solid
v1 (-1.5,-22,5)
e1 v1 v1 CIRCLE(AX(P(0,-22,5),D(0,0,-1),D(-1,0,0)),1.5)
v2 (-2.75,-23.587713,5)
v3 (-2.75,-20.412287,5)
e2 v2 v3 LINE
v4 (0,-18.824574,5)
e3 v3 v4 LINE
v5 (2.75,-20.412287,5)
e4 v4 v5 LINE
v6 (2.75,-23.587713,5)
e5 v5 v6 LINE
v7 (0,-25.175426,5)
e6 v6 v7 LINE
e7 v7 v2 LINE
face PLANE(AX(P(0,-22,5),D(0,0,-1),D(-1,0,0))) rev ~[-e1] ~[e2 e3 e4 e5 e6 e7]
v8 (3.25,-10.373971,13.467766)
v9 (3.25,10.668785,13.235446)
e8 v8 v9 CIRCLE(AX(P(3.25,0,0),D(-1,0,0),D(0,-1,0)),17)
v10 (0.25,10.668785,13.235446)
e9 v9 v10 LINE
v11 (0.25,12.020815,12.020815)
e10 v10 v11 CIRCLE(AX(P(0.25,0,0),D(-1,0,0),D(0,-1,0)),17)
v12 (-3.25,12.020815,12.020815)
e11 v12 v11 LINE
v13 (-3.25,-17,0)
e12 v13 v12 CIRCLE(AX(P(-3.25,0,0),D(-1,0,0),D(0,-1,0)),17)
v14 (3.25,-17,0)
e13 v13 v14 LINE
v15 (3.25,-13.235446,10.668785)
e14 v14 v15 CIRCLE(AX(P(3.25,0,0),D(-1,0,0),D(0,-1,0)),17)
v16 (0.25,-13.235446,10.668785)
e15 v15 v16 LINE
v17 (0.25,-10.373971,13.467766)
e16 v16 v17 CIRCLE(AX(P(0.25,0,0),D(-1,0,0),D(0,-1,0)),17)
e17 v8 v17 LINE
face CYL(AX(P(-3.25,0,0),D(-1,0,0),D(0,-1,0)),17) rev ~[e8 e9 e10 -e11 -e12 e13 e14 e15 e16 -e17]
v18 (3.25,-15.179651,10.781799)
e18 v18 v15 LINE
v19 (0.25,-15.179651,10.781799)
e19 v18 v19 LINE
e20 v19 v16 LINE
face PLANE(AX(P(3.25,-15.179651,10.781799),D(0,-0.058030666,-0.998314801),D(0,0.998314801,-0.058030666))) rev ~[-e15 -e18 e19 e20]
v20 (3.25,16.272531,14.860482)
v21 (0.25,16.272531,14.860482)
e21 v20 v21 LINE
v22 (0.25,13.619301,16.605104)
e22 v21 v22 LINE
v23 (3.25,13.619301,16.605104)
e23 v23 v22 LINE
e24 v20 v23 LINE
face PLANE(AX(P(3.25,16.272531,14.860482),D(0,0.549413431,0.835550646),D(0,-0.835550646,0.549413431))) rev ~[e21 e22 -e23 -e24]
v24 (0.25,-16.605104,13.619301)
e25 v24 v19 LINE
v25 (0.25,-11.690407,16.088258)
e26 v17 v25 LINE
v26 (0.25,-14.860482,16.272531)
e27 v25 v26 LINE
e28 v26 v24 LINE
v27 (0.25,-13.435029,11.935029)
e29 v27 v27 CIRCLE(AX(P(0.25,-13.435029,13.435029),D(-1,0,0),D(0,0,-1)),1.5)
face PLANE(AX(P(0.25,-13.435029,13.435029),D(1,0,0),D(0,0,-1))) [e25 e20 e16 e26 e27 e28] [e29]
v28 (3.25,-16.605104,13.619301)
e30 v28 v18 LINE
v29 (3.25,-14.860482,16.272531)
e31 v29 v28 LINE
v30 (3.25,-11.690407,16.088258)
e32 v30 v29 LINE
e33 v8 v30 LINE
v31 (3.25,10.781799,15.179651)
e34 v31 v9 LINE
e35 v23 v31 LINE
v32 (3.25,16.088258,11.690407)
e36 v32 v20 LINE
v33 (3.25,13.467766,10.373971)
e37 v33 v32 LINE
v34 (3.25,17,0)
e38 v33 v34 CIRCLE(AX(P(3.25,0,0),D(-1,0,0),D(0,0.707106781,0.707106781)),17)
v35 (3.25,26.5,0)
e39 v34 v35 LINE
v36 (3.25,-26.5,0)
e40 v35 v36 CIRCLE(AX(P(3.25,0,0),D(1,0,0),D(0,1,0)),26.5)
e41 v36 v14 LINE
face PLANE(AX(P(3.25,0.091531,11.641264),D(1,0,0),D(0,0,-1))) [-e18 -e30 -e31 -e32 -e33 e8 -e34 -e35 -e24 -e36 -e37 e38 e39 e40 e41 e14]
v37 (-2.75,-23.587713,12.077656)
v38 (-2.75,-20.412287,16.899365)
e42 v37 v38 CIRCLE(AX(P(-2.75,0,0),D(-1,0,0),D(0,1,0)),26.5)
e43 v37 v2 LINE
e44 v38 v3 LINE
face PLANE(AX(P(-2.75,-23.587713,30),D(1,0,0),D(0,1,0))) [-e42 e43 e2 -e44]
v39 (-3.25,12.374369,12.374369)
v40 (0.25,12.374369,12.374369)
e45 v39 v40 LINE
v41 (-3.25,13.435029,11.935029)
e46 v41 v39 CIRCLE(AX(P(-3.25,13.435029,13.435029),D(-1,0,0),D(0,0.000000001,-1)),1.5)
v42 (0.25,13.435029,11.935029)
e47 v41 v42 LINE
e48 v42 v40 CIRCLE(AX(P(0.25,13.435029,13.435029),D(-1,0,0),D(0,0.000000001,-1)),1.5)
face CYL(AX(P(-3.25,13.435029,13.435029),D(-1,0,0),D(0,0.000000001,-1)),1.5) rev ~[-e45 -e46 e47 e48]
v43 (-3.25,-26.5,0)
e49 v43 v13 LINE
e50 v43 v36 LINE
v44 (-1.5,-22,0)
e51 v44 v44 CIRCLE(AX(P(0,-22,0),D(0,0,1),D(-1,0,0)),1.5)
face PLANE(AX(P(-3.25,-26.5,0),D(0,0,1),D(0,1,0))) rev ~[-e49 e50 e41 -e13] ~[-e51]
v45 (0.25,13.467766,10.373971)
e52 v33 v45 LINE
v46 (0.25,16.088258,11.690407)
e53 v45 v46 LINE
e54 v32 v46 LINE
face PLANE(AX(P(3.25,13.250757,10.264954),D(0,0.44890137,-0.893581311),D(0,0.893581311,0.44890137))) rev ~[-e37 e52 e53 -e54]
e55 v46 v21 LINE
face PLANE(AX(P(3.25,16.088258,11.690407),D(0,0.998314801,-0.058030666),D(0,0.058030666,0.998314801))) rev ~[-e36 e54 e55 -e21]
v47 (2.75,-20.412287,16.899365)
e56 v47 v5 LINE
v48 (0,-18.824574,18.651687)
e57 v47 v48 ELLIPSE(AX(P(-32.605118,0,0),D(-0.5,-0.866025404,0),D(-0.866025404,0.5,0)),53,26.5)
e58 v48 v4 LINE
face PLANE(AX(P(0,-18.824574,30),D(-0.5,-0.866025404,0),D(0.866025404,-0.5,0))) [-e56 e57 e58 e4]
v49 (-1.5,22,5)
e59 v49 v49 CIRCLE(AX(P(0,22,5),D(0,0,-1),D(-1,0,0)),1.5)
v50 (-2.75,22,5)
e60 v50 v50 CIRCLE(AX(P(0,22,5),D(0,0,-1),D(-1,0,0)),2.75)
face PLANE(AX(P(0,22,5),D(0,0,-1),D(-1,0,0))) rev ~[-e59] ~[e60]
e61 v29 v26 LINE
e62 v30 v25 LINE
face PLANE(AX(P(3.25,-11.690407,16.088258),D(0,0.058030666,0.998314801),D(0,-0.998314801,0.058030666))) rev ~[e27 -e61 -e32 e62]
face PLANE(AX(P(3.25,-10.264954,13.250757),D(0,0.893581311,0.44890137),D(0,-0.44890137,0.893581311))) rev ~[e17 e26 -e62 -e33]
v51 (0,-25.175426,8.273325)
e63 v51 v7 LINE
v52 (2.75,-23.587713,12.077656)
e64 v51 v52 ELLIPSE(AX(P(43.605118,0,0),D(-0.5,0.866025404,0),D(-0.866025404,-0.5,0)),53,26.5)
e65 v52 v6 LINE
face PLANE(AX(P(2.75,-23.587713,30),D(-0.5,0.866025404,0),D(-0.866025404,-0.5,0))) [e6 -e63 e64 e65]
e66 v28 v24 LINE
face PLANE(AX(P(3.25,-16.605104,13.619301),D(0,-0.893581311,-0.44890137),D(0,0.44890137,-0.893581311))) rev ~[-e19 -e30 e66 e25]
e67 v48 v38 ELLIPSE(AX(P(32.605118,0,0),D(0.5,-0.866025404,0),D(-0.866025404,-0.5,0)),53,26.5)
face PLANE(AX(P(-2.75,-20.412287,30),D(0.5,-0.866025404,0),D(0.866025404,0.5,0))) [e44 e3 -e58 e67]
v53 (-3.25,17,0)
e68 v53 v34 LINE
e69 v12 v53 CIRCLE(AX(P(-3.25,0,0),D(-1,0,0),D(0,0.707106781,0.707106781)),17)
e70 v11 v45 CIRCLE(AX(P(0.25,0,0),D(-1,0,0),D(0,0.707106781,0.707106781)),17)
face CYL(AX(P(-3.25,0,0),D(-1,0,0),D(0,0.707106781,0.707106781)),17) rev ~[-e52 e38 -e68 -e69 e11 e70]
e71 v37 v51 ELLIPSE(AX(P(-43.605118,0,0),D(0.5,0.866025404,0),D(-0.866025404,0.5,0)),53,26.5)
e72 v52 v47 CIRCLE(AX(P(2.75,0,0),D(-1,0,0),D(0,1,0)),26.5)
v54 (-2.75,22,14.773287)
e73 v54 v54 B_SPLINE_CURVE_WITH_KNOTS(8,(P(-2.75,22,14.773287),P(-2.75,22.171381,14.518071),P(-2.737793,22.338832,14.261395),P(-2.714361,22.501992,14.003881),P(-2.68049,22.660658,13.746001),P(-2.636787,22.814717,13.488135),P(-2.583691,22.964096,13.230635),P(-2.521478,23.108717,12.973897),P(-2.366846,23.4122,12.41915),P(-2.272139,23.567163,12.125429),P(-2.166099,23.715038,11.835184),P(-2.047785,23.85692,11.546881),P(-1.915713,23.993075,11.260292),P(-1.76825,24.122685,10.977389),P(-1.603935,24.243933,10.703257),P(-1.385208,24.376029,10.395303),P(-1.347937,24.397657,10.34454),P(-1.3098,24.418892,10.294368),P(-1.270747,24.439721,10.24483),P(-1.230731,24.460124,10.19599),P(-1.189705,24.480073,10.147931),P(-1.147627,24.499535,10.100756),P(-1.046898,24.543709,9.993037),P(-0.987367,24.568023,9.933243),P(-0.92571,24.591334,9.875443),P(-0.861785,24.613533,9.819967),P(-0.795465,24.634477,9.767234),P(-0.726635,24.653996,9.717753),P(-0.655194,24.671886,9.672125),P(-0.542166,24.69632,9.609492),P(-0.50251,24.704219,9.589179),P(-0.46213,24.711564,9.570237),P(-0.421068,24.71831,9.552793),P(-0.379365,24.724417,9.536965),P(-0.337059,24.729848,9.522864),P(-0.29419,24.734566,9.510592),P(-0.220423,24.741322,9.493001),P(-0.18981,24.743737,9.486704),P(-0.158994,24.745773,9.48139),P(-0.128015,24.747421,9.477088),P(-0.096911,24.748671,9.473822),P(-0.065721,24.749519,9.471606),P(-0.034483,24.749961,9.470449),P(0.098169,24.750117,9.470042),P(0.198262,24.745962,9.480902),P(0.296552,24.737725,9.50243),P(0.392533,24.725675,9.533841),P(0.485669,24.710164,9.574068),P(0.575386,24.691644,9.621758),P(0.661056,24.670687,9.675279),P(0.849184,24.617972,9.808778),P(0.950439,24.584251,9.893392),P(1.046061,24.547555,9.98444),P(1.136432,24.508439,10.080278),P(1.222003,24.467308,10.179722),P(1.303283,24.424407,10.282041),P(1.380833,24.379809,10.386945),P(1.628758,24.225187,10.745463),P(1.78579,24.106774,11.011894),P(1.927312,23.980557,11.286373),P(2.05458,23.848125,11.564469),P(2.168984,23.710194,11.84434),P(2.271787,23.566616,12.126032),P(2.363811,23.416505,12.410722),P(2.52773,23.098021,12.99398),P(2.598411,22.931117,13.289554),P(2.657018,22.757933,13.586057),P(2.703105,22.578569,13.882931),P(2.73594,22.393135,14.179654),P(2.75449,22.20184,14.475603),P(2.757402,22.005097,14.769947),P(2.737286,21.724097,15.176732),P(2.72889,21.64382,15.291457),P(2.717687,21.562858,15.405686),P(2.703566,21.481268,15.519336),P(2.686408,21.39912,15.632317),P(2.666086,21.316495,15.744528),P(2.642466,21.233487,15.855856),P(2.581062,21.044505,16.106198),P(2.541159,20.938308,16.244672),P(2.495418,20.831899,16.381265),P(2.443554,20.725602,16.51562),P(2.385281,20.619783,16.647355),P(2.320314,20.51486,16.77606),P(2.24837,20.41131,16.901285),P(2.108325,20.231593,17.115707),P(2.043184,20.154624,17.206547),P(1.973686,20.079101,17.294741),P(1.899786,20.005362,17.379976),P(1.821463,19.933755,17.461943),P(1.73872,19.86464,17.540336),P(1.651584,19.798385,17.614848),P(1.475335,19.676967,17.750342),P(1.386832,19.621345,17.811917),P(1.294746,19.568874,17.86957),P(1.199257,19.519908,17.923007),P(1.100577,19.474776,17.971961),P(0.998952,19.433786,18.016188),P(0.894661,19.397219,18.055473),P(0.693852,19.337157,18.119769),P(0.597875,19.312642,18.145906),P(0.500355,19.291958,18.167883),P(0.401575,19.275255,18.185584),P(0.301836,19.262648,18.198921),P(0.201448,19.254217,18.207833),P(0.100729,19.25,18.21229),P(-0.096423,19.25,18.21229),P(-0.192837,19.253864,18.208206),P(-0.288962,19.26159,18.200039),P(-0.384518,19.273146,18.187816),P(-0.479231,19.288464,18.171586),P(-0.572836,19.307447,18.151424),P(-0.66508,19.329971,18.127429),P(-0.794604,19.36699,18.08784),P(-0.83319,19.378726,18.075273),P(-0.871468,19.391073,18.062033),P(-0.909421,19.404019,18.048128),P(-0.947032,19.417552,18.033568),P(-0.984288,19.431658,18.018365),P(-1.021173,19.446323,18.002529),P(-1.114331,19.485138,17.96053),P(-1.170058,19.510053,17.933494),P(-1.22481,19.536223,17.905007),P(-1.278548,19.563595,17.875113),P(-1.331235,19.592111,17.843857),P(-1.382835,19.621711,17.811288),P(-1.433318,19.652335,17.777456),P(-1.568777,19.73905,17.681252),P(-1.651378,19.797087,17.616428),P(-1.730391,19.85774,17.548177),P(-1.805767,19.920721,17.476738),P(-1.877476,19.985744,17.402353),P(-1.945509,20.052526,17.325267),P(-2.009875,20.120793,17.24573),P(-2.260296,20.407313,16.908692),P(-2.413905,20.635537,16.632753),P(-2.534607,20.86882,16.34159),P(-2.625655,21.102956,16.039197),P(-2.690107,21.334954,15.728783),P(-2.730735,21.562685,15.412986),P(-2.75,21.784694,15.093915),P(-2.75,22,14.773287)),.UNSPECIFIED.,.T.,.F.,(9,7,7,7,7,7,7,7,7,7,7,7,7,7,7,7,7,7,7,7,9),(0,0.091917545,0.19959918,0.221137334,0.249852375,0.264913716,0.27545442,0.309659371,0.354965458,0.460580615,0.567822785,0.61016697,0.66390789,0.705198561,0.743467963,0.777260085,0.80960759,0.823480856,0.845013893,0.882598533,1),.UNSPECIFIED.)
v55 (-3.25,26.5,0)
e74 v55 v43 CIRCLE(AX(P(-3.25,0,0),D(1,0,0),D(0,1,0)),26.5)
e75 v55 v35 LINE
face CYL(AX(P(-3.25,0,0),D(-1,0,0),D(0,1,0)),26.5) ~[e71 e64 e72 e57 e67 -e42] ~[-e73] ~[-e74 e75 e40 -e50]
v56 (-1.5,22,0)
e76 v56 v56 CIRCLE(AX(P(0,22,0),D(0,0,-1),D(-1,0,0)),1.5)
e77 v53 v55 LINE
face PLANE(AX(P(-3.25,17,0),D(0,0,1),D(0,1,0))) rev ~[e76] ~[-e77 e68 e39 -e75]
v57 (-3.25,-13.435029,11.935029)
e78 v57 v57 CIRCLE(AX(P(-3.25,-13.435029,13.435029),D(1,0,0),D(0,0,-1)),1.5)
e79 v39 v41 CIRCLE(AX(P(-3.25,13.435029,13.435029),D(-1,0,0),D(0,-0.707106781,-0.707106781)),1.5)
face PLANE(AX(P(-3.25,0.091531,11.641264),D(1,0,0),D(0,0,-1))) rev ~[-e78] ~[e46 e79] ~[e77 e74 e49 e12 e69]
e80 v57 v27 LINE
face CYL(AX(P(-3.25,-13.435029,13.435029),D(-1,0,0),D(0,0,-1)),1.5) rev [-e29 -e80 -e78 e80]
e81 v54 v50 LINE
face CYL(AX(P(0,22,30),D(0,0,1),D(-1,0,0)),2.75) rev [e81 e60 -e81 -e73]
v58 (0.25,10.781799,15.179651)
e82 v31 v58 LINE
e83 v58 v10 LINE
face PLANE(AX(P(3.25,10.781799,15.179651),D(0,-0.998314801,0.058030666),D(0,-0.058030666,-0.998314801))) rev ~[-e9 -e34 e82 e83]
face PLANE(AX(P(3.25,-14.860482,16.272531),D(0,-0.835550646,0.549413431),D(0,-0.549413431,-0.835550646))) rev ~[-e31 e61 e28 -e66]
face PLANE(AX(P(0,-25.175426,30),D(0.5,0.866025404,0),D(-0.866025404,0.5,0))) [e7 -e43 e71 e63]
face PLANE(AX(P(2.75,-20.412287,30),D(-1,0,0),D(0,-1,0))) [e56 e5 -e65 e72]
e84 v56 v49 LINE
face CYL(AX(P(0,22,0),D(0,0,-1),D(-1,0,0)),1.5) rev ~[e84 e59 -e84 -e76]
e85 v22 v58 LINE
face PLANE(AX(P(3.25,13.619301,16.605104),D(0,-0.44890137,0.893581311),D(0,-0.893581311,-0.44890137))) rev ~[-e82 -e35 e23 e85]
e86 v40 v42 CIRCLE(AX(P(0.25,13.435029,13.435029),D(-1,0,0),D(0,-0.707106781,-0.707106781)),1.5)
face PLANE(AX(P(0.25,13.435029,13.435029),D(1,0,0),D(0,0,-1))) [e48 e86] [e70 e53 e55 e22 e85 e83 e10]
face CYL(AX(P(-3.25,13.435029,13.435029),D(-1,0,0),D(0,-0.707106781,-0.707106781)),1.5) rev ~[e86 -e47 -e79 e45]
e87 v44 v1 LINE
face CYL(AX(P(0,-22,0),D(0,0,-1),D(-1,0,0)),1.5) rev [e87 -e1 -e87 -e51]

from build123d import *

# Parameters (mm, degrees)
BOSS_EXTRUDE1_DEPTH      = 3.25
BOSS_EXTRUDE1_DEPTH_BACK = 3.25
SKETCH1_R                = 1.5
SKETCH3_R                = 1.5
CUT_EXTRUDE1_DEPTH       = 25.5
SKETCH4_R                = 2.75
CUT_EXTRUDE2_DEPTH       = 25
CUT_EXTRUDE3_DEPTH       = 25
CUT_EXTRUDE4_DEPTH       = 3


with BuildPart() as part:
    # Sketch1 → Boss-Extrude1 (new, two sides: drawn at the far end of the back side and taken through both)
    with BuildSketch(Plane(origin=(0, 0, 0), x_dir=(0, 0, -1), z_dir=(1, 0, 0)).offset(-BOSS_EXTRUDE1_DEPTH_BACK)):
        with BuildLine():
            Line((0, 17), (0, 26.5))
            ThreePointArc((0, 26.5), (-26.5, 0), (0, -26.5))
            Line((0, -26.5), (0, -17))
            ThreePointArc((0, -17), (-15.705952053, -6.50561835), (-12.02081528, 12.02081528))
            ThreePointArc((-12.02081528, 12.02081528), (-6.50561835, 15.705952053), (0, 17))
        make_face()
        with Locations((-13.435028843, -13.435028843)):
            Circle(SKETCH1_R, mode=Mode.SUBTRACT)
        with BuildLine():
            ThreePointArc((-11.935028843, 13.435028843), (-12.049209544, 12.861003694), (-12.374368671, 12.374368671))
            ThreePointArc((-12.374368671, 12.374368671), (-14.820848141, 14.009053991), (-11.935028843, 13.435028843))
        make_face(mode=Mode.SUBTRACT)
    extrude(amount=BOSS_EXTRUDE1_DEPTH + BOSS_EXTRUDE1_DEPTH_BACK)

    # Sketch3 → Cut-Extrude1 (cut)
    with BuildSketch(Plane(origin=(0, 0, 0), x_dir=(-1, 0, 0), z_dir=(0, 0, -1))):
        with Locations((0, 22)):
            Circle(SKETCH3_R)
    cut_extrude1 = extrude(amount=-CUT_EXTRUDE1_DEPTH, mode=Mode.SUBTRACT)

    # Mirror1: Cut-Extrude1 across plane
    add(cut_extrude1.mirror(Plane.ZX), mode=Mode.SUBTRACT)

    # Sketch4 → Cut-Extrude2 (cut)
    with BuildSketch(Plane(origin=(0, 0, 30), x_dir=(-1, 0, 0), z_dir=(0, 0, -1))):
        with Locations((0, 22)):
            Circle(SKETCH4_R)
    extrude(amount=CUT_EXTRUDE2_DEPTH, mode=Mode.SUBTRACT)

    # Sketch5 → Cut-Extrude3 (cut)
    with BuildSketch(Plane(origin=(0, 0, 30), x_dir=(-1, 0, 0), z_dir=(0, 0, -1))):
        Polygon((2.75, -23.58771324), (2.75, -20.41228676), (0, -18.824573519), (-2.75, -20.41228676), (-2.75, -23.58771324), (0, -25.175426481), align=None)
    extrude(amount=CUT_EXTRUDE3_DEPTH, mode=Mode.SUBTRACT)

    # Sketch6 → Cut-Extrude4 (cut)
    with BuildSketch(Plane(origin=(3.25, 0, 0), x_dir=(0, 0, -1), z_dir=(1, 0, 0))):
        Polygon((-16.088258489, -11.690406885), (-16.272530601, -14.86048214), (-13.619300954, -16.605104098), (-10.781799196, -15.1796508), (-10.597527084, -12.009575545), (-13.250756731, -10.264953588), align=None)
        Polygon((-11.690406885, 16.088258489), (-14.86048214, 16.272530601), (-16.605104098, 13.619300954), (-15.1796508, 10.781799196), (-12.009575545, 10.597527084), (-10.264953588, 13.250756731), align=None)
        Polygon((11.690406885, -16.088258489), (14.86048214, -16.272530601), (16.605104098, -13.619300954), (15.1796508, -10.781799196), (12.009575545, -10.597527084), (10.264953588, -13.250756731), align=None)
        Polygon((16.088258489, 11.690406885), (16.272530601, 14.86048214), (13.619300954, 16.605104098), (10.781799196, 15.1796508), (10.597527084, 12.009575545), (13.250756731, 10.264953588), align=None)
    extrude(amount=-CUT_EXTRUDE4_DEPTH, mode=Mode.SUBTRACT)


solid = part.part
